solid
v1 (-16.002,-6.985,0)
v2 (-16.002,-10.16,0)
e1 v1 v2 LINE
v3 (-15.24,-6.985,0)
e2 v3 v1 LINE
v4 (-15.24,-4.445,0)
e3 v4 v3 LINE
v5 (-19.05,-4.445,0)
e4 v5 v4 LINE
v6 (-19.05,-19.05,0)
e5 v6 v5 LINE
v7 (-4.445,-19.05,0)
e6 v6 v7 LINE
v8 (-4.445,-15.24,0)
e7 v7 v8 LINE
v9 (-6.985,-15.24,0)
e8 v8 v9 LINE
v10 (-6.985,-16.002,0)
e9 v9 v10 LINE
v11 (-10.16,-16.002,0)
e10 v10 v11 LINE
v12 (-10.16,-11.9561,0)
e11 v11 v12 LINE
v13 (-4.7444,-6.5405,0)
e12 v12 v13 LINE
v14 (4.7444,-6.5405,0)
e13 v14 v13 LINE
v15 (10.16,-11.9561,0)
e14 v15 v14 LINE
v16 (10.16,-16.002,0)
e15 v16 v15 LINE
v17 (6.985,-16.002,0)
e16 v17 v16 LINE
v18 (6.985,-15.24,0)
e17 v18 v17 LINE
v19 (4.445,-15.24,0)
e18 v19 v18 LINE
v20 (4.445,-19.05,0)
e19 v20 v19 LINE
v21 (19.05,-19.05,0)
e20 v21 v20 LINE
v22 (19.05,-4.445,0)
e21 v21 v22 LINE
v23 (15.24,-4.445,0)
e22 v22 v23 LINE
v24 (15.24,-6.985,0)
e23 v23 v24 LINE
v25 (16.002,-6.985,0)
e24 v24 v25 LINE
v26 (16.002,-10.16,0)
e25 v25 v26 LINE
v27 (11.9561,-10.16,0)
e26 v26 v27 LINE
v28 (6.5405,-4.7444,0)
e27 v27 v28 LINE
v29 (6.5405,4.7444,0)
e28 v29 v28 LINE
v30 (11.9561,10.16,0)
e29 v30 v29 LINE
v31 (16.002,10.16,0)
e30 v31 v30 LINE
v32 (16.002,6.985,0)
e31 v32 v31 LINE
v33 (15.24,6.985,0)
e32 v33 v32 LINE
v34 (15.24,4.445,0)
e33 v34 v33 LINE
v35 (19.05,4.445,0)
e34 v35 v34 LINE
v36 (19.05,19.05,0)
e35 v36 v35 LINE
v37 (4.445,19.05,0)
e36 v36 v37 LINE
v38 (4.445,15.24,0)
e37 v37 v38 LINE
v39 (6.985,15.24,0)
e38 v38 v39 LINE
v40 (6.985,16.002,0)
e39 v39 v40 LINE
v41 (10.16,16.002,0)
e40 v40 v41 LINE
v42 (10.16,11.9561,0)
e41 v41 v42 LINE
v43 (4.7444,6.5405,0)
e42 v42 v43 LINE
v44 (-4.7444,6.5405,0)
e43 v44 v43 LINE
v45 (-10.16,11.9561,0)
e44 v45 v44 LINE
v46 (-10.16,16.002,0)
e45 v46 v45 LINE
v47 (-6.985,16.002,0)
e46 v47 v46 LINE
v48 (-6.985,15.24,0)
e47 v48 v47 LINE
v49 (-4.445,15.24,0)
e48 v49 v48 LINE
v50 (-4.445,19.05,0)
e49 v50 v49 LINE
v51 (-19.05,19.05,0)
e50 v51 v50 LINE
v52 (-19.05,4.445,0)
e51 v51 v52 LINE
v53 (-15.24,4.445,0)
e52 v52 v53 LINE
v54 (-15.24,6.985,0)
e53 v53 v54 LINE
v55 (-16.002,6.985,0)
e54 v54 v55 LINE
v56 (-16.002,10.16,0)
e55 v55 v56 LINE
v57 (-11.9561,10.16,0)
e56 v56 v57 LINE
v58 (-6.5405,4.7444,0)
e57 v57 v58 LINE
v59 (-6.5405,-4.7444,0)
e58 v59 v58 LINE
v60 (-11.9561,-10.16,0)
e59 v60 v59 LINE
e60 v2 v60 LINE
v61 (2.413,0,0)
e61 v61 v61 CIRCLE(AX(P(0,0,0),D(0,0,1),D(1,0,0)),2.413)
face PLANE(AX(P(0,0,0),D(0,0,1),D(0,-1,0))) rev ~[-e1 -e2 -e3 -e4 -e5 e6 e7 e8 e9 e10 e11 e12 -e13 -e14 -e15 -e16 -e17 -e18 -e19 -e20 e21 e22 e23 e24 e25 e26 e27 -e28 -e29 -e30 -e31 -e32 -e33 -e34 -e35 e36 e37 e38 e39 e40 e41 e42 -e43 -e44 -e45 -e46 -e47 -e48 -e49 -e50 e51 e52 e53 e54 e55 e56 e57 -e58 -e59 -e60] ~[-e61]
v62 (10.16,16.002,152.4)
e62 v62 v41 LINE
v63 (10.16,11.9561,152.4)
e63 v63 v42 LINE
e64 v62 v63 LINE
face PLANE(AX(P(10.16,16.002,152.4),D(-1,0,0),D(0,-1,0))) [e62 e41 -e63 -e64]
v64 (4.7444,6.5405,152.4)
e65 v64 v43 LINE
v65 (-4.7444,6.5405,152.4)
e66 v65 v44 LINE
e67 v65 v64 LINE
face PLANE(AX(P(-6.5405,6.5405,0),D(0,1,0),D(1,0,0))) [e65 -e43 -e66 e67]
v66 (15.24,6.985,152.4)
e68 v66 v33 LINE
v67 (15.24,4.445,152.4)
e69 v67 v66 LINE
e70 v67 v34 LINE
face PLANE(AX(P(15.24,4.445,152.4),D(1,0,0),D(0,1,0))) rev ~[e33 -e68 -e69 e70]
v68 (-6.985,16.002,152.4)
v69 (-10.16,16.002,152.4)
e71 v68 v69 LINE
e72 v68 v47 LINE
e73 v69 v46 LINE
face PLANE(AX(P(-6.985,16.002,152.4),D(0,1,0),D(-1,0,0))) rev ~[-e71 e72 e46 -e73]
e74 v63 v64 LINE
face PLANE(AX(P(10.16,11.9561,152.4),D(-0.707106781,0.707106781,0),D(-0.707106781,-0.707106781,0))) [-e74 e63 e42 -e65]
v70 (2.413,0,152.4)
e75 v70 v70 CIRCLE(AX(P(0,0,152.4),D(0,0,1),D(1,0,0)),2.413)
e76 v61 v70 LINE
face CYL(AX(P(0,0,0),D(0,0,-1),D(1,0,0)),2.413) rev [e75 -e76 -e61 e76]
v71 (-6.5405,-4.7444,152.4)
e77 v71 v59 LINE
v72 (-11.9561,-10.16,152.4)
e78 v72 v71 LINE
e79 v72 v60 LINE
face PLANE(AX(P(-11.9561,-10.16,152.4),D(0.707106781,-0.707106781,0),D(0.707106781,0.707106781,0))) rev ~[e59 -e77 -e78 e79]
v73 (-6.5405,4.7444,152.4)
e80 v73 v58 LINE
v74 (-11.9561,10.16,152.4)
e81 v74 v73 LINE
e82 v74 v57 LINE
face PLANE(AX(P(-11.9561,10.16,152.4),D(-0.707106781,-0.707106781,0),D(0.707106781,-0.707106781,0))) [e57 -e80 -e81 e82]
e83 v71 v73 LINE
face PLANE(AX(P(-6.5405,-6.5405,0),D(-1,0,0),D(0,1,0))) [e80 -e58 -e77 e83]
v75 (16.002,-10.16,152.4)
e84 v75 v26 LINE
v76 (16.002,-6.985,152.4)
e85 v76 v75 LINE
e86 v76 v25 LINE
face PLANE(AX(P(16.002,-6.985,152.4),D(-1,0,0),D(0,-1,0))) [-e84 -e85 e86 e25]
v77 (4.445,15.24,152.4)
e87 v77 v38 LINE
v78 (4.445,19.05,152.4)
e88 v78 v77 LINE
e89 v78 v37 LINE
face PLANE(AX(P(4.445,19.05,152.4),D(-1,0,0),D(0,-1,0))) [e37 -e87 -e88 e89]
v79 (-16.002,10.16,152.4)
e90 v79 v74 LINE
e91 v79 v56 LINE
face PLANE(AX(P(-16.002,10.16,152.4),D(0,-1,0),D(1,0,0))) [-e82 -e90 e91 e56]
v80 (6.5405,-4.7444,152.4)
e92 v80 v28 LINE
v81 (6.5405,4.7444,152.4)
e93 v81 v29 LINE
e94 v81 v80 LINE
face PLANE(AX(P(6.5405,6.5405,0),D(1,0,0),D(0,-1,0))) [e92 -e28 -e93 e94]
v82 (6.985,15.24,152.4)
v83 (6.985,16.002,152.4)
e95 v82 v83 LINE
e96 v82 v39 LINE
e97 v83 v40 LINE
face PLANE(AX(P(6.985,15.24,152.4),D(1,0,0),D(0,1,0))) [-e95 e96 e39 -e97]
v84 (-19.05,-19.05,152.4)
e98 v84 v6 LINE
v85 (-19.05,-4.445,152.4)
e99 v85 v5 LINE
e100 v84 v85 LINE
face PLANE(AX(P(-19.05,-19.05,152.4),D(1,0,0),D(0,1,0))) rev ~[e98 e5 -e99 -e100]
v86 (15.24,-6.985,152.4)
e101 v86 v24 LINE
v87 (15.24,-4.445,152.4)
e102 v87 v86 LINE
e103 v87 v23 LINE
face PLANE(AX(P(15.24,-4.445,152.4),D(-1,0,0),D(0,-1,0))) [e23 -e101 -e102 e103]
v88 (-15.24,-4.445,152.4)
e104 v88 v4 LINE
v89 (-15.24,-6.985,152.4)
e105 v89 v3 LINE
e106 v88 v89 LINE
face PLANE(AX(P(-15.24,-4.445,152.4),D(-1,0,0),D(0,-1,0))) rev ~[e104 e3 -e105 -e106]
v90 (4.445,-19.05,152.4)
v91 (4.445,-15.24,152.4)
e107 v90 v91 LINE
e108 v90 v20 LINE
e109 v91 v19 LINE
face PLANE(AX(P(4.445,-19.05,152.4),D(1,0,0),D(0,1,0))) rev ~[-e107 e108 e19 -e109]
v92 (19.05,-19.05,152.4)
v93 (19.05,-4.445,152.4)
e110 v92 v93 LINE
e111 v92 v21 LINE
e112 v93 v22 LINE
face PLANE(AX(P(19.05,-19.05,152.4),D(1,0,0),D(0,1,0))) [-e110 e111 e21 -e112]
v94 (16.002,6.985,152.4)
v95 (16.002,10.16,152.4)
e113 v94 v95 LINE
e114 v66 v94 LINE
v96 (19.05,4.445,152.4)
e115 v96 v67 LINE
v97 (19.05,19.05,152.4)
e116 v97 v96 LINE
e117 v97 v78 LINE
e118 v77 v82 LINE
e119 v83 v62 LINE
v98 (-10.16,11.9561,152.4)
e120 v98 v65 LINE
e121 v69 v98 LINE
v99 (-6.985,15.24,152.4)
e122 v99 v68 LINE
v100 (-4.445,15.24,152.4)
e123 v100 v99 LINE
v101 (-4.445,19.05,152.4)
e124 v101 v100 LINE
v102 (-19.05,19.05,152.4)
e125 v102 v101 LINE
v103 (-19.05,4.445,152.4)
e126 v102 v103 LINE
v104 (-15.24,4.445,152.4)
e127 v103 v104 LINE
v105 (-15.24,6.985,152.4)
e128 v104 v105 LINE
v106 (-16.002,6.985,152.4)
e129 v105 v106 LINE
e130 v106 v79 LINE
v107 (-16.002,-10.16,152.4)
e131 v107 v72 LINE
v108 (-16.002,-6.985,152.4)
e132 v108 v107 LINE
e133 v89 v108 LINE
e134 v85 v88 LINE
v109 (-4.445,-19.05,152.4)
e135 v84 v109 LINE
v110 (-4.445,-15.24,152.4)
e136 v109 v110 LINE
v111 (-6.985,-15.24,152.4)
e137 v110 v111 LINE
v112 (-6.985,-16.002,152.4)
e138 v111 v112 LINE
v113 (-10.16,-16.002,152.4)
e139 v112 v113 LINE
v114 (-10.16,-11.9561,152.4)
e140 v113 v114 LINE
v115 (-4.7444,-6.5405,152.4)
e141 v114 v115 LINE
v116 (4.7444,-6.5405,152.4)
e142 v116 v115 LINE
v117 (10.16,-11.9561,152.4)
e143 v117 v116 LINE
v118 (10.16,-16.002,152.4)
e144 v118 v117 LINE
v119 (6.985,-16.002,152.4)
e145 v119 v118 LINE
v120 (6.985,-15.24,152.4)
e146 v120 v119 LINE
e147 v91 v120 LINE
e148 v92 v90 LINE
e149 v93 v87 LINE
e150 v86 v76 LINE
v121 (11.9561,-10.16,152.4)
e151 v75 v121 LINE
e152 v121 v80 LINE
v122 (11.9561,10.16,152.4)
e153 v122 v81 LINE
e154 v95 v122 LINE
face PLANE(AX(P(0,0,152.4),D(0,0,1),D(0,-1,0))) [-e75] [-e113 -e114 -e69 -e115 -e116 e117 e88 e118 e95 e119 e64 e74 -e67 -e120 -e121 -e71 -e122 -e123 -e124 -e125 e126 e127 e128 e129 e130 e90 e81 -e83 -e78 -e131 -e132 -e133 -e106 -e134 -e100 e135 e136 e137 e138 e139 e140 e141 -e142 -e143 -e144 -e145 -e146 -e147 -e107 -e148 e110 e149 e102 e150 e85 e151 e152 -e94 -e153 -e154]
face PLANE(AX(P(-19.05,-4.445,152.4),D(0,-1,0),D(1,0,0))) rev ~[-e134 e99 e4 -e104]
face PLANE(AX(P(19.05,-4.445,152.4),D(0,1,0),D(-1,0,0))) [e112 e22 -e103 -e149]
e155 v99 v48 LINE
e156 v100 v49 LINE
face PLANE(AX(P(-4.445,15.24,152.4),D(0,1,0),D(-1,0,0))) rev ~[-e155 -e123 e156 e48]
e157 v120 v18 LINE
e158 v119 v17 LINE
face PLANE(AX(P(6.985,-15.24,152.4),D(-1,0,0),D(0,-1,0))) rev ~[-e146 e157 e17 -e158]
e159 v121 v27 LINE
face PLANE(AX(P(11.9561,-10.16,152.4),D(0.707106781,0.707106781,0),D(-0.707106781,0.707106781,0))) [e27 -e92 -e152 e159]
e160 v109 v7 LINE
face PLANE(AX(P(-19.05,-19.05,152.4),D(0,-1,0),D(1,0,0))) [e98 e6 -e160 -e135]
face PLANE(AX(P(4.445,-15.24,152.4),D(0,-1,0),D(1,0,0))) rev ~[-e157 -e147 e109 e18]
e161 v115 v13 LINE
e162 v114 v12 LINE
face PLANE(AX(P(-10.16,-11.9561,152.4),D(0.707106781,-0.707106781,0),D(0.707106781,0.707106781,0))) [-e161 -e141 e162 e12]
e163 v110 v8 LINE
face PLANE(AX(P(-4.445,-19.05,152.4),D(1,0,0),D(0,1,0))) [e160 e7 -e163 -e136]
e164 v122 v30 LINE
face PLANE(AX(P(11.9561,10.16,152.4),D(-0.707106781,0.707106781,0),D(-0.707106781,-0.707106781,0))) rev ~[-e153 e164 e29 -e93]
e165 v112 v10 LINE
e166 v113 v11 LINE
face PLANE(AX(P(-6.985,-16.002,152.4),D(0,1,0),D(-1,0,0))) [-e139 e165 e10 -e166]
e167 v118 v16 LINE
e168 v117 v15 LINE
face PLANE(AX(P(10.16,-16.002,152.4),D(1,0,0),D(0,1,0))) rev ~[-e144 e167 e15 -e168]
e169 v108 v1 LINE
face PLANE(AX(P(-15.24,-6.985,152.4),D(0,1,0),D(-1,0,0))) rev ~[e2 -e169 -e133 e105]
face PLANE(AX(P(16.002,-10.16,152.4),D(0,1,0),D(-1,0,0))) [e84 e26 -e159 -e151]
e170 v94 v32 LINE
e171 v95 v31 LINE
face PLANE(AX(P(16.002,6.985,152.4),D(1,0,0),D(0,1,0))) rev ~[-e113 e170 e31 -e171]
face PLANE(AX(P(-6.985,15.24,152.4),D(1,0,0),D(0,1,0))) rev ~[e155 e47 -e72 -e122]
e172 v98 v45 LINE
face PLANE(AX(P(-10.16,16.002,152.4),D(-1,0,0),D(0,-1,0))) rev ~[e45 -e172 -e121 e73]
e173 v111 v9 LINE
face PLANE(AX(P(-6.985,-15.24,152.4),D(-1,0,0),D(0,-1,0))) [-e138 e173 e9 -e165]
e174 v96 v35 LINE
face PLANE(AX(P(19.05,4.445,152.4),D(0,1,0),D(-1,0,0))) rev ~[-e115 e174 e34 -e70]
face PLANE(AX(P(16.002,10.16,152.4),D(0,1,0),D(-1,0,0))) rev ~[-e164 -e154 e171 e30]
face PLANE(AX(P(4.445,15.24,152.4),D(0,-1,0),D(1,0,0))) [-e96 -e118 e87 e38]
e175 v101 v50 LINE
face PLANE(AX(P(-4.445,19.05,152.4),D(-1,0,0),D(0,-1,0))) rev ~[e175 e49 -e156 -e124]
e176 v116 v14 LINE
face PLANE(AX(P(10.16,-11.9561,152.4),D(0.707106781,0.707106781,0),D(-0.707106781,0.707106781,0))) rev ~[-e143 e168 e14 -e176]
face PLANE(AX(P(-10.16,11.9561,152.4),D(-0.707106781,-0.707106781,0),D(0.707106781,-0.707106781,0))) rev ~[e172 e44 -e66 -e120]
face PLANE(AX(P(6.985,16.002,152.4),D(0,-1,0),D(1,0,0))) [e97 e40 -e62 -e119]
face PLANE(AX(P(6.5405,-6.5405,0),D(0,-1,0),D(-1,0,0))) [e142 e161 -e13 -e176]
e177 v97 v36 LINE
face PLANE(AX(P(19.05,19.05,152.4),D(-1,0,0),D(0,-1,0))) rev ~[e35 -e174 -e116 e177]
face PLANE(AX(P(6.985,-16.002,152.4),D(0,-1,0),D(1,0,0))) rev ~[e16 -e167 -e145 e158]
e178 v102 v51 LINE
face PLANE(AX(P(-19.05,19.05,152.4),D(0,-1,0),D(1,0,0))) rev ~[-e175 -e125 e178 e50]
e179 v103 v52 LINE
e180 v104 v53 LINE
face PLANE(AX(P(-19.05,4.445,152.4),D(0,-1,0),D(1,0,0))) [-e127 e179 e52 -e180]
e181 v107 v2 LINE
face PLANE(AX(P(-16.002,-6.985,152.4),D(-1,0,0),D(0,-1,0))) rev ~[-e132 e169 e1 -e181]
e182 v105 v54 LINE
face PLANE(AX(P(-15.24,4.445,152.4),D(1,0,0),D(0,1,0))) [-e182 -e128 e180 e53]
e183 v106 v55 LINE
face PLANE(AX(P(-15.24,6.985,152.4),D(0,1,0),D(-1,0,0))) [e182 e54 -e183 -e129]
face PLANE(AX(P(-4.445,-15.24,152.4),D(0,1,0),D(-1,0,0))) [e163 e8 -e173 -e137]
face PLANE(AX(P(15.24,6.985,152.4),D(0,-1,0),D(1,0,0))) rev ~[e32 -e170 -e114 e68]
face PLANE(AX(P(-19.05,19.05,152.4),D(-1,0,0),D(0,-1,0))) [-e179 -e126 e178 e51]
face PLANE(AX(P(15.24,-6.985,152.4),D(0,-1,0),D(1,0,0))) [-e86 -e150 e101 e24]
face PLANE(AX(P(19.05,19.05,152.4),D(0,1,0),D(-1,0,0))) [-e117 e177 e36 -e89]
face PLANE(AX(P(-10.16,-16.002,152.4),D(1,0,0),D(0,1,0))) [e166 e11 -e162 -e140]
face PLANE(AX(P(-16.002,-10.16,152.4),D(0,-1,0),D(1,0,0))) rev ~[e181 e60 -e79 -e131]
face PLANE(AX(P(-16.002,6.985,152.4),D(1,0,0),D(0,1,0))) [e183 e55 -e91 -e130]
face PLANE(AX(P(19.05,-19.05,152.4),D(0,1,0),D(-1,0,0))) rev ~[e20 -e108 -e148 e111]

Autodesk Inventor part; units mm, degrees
ref_plane "XY Plane" through (0, 0, 0) normal (0, 0, 1) x (1, 0, 0)
sketch "Sketch1" plane through (0, 0, 0) normal (0, 0, 1) x (1, 0, 0)
  line L0 (6.5405, -6.5405) -> (-6.5405, -6.5405)
  line L1 (-6.5405, -6.5405) -> (-6.5405, 6.5405)
  line L2 (-6.5405, 6.5405) -> (6.5405, 6.5405)
  line L3 (6.5405, 6.5405) -> (6.5405, -6.5405)
  line L4 (6.5405, -6.5405) -> (-6.5405, 6.5405) construction
  line L5 (-6.5405, -6.5405) -> (6.5405, 6.5405) construction
  circle A0 centre (0, 0) radius 2.413
  dimension "d0" = 13.081
  dimension "d1" = 4.826
extrude "Extrusion1" add sketch "Sketch1" along normal blind 152.4
sketch "Sketch2" plane through (0, 0, 152.4) normal (0, 0, 1) x (1, 0, 0)
  circle A0 centre (0, 0) radius 2.413 projected
  line L0 (6.5405, -6.5405) -> (6.5405, 6.5405) projected
  line L1 (19.05, 19.05) -> (19.05, 4.445)
  line L2 (19.05, 4.445) -> (15.24, 4.445)
  line L3 (11.9561, 10.16) -> (6.5405, 4.7444)
  line L4 (15.24, 4.445) -> (15.24, 6.985)
  line L5 (15.24, 6.985) -> (16.002, 6.985)
  line L6 (16.002, 6.985) -> (16.002, 10.16)
  line L7 (16.002, 10.16) -> (11.9561, 10.16)
  line L8 (19.05, 19.05) -> (6.5405, 6.5405) construction
  line L9 (19.05, 19.05) -> (4.445, 19.05)
  line L10 (4.445, 19.05) -> (4.445, 15.24)
  line L11 (10.16, 11.9561) -> (4.7444, 6.5405)
  line L12 (4.445, 15.24) -> (6.985, 15.24)
  line L13 (6.985, 15.24) -> (6.985, 16.002)
  line L14 (6.985, 16.002) -> (10.16, 16.002)
  line L15 (10.16, 16.002) -> (10.16, 11.9561)
  line L16 (4.7444, 6.5405) -> (6.5405, 6.5405)
  line L17 (6.5405, 6.5405) -> (6.5405, 4.7444)
  dimension "d5" = 45
  dimension "d6" = 14.605
  dimension "d7" = 3.81
  dimension "d8" = 3.048
  dimension "d10" = 19.05
  dimension "d13" = 8.89
  dimension "d14" = 1.27
  dimension "d15" = 3.175
extrude "Extrusion2" add sketch "Sketch2" against normal up to surface (152.4 mm away) contours L0 L16 L11 L15 L14 L13 L12 L10 L9 L1 L2 L4 L5 L6 L7 L3
pattern_circular "Circular Pattern1" count 4 over 360 about axis through (0, 0, 0) along (0, 0, 1) of "Extrusion2"
ref_plane "Work Plane1" through (0, 0, 0) normal (1, 0, 0) x (0, 1, 0)
ref_plane "Work Plane2" through (0, 0, 0) normal (0, 1, 0) x (1, 0, 0)
equation "\"d10\" = d9"
equation "\"d9\" = 19.05"
properties part number "1_5 80-20 x 6in" material "Gold"
